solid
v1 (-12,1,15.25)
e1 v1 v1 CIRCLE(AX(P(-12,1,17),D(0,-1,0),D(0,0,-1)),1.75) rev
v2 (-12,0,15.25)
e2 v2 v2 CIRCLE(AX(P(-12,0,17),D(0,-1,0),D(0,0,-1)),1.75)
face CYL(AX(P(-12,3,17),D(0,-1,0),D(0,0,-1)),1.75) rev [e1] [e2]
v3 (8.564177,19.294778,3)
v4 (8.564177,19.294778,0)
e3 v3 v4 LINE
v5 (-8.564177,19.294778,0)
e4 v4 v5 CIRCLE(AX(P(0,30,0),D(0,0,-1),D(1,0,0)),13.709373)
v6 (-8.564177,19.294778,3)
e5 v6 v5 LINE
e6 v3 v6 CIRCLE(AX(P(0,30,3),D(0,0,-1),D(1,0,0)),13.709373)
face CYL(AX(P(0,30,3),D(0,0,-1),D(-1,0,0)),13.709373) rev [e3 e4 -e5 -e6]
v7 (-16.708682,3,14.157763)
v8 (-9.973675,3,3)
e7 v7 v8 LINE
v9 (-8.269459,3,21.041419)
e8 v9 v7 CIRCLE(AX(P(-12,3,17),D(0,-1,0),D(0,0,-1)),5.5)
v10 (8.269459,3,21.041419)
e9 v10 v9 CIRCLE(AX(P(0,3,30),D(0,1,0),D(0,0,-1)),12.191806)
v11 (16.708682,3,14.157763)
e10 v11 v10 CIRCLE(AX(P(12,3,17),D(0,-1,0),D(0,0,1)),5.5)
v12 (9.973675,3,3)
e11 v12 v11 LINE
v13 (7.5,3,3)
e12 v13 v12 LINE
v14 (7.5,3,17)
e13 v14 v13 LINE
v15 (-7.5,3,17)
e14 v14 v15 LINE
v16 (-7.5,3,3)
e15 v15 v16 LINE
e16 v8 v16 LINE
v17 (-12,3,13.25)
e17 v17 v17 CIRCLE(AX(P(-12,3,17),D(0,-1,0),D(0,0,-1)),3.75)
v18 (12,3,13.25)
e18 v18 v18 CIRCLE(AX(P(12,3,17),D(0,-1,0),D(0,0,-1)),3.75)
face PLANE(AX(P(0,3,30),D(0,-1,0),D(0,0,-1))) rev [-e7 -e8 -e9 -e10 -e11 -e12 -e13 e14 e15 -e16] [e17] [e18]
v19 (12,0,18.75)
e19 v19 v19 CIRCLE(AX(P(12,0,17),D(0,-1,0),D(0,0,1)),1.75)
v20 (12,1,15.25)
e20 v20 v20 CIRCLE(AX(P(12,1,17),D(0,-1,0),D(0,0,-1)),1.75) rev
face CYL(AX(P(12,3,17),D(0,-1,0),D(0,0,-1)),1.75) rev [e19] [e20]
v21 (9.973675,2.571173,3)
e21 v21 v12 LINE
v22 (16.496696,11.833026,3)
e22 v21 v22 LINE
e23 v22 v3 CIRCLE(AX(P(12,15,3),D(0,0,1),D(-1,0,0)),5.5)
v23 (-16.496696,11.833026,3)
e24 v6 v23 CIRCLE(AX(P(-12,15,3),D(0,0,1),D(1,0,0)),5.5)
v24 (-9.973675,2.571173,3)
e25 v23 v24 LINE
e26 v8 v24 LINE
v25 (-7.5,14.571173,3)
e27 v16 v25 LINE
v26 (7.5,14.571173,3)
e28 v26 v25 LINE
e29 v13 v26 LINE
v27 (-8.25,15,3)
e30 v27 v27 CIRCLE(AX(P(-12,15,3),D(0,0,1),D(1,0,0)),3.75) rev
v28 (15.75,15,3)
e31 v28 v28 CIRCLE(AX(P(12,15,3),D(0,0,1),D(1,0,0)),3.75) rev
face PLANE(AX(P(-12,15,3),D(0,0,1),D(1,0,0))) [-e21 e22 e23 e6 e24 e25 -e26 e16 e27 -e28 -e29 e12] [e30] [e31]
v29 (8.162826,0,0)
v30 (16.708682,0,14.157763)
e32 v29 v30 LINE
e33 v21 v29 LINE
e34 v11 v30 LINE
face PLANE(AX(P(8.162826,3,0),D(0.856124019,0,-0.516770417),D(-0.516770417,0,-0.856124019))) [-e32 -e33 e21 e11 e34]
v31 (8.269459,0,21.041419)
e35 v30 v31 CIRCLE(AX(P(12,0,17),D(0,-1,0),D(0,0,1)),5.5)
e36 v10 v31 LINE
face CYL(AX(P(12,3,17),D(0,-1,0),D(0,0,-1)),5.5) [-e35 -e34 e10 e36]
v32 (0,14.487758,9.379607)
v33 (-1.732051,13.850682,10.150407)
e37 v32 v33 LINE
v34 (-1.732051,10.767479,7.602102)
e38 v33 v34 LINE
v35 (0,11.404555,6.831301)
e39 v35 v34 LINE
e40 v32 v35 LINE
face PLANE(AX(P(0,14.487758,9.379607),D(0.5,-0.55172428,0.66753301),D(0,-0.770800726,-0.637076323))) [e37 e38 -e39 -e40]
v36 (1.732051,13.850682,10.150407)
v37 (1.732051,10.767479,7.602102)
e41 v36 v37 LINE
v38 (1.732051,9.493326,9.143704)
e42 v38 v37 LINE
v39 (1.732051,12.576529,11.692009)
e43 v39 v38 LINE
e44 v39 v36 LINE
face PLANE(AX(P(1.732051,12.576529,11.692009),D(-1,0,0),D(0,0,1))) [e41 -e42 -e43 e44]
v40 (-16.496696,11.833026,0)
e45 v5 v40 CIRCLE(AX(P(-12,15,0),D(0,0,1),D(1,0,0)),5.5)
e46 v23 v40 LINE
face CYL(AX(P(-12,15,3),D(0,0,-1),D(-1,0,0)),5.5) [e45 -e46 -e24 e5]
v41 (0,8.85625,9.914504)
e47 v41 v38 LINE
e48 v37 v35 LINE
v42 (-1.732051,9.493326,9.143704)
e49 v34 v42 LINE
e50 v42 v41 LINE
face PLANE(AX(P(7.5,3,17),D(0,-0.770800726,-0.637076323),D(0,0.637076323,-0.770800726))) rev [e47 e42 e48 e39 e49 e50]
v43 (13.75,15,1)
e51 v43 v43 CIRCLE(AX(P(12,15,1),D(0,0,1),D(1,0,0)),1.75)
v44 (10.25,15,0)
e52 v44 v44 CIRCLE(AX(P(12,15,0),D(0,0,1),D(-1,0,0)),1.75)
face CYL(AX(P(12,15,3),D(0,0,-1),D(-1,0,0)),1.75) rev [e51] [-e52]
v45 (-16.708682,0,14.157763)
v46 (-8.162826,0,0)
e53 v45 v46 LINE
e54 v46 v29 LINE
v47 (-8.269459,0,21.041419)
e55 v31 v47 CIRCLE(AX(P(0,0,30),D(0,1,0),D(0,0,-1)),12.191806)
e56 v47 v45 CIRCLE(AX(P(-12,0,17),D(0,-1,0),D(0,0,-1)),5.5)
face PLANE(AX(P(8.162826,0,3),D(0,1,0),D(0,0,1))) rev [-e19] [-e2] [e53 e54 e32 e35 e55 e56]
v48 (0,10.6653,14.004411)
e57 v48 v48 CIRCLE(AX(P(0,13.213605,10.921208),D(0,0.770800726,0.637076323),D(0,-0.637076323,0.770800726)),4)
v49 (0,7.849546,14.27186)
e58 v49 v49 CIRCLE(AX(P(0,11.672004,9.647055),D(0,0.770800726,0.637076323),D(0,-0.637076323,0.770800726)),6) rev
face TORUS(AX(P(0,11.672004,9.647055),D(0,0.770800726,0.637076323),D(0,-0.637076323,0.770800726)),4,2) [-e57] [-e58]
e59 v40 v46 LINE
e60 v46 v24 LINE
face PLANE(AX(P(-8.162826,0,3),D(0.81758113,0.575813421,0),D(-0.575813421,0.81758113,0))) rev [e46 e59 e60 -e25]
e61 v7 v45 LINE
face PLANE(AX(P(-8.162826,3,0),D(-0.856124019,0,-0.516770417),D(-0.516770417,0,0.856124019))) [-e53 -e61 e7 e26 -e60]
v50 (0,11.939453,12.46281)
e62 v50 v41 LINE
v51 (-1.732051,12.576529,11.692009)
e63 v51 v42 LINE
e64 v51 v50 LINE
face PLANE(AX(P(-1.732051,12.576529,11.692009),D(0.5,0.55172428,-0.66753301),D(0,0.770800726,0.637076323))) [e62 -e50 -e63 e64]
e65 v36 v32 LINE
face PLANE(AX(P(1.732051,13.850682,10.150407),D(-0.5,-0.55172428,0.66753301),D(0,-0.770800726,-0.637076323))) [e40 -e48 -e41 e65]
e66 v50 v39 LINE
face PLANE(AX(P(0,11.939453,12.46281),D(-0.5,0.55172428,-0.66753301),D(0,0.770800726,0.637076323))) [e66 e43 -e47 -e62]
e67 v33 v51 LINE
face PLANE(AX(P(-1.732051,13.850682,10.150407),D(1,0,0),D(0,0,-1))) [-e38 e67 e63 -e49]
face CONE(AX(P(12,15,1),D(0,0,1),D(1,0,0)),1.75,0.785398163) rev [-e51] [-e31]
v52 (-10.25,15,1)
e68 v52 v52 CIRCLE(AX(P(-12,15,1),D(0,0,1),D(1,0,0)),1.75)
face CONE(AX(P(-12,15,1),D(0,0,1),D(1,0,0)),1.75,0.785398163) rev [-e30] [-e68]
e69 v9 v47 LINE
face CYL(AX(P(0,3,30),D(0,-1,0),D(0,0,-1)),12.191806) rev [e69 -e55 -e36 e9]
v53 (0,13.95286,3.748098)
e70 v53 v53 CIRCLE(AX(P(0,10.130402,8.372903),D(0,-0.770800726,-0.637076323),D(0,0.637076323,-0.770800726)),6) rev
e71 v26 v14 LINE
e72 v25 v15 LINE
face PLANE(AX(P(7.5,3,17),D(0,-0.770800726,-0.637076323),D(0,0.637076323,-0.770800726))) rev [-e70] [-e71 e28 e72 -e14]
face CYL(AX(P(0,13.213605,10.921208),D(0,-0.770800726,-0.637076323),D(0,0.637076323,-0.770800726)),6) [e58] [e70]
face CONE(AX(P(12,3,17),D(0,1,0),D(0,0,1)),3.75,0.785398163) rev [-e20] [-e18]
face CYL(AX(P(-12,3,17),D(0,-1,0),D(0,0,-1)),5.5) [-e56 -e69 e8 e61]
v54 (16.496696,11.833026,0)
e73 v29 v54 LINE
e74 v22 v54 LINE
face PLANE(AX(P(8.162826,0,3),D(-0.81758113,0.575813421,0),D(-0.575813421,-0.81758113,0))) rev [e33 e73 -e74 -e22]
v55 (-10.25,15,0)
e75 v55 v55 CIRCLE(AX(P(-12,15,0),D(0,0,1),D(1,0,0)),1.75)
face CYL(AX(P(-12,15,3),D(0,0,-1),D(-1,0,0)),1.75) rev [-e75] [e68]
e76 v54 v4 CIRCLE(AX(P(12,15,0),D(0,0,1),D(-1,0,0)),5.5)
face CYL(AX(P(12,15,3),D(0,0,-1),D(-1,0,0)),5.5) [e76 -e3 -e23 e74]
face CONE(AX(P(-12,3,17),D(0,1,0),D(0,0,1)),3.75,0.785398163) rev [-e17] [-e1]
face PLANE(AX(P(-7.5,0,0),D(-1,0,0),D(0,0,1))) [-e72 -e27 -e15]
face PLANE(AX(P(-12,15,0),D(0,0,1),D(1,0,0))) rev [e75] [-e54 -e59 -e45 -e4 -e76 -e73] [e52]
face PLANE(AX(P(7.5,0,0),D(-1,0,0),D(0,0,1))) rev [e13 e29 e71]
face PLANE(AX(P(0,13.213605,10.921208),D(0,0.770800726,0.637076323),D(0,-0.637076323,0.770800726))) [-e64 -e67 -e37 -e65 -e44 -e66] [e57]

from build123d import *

# Parameters (mm, degrees)
SKETCH_1_R      = 1.75
EXTRUDE_1_DEPTH = 3
SKETCH_2_R      = 1.75
EXTRUDE_2_DEPTH = 3
EXTRUDE_3_DEPTH = 7.5
SKETCH_4_R      = 6
EXTRUDE_4_DEPTH = 4
FILLET_1_R      = 2
CHAMFER_1_SIZE  = 2


with BuildPart() as part:
    # 草图1 → 凸台-拉伸1 (new body)
    with BuildSketch(Plane.XY):
        with BuildLine():
            Line((8.162825685, 0), (-8.162825685, 0))
            Line((-8.162825685, 0), (-16.496696216, 11.833026185))
            ThreePointArc((-16.496696216, 11.833026185), (-15.768394863, 19.006145299), (-8.564177238, 19.294778452))
            ThreePointArc((-8.564177238, 19.294778452), (0, 16.290627288), (8.564177238, 19.294778452))
            ThreePointArc((8.564177238, 19.294778452), (15.768394863, 19.006145299), (16.496696216, 11.833026185))
            Line((16.496696216, 11.833026185), (8.162825685, 0))
        make_face()
        with Locations((-12, 15)):
            Circle(SKETCH_1_R, mode=Mode.SUBTRACT)
        with Locations(Location((12, 15, 0), (0, 0, 180))):
            Circle(SKETCH_1_R, mode=Mode.SUBTRACT)
    extrude(amount=EXTRUDE_1_DEPTH)

    # 草图2 → 凸台-拉伸2 (add)
    with BuildSketch(Plane.XZ):
        with BuildLine():
            Line((8.162825685, 0), (-8.162825685, 0))
            Line((-8.162825685, 0), (-16.708682104, 14.157762704))
            ThreePointArc((-16.708682104, 14.157762704), (-15.476402024, 21.261998237), (-8.269459435, 21.041418945))
            ThreePointArc((-8.269459435, 21.041418945), (0, 17.808193987), (8.269459435, 21.041418945))
            ThreePointArc((8.269459435, 21.041418945), (15.476402024, 21.261998237), (16.708682104, 14.157762704))
            Line((16.708682104, 14.157762704), (8.162825685, 0))
        make_face()
        with Locations(Location((-12, 17, 0), (0, 0, 270))):
            Circle(SKETCH_2_R, mode=Mode.SUBTRACT)
        with Locations(Location((12, 17, 0), (0, 0, 90))):
            Circle(SKETCH_2_R, mode=Mode.SUBTRACT)
    extrude(amount=-EXTRUDE_2_DEPTH)

    # 草图3 → 凸台-拉伸3 (add, symmetric)
    with BuildSketch(Plane(origin=(0, 0, 0), x_dir=(0, 0, -1), z_dir=(1, 0, 0))):
        Polygon((-3, 3), (-17, 3), (-3, 14.571172971), align=None)
    extrude(amount=EXTRUDE_3_DEPTH, both=True)

    # 草图4 → 凸台-拉伸4 (add)
    with BuildSketch(Plane(origin=(0, 10.130402441, 8.372902779), x_dir=(1, 0, 0), z_dir=(0, 0.7708007256408878, 0.6370763230190564))):
        with Locations(Location((0, 0, 0), (0, 0, 90))):
            Circle(SKETCH_4_R)
        Polygon((0, 2), (-1.732050808, 1), (-1.732050808, -1), (0, -2), (1.732050808, -1), (1.732050808, 1), align=None, mode=Mode.SUBTRACT)
    extrude(amount=EXTRUDE_4_DEPTH)

    # 圆角1
    fillet_1_edges = [part.edges().sort_by_distance(p)[0] for p in [
        (0, 9.391147406, 15.546012425),
    ]]
    fillet(fillet_1_edges, radius=FILLET_1_R)

    # 倒角1
    chamfer_1_edges = [part.edges().sort_by_distance(p)[0] for p in [
        (-13.75, 15, 3),
        (13.75, 15, 3),
        (12, 3, 15.25),
        (-12, 3, 18.75),
    ]]
    chamfer(chamfer_1_edges, length=CHAMFER_1_SIZE)


solid = part.part
